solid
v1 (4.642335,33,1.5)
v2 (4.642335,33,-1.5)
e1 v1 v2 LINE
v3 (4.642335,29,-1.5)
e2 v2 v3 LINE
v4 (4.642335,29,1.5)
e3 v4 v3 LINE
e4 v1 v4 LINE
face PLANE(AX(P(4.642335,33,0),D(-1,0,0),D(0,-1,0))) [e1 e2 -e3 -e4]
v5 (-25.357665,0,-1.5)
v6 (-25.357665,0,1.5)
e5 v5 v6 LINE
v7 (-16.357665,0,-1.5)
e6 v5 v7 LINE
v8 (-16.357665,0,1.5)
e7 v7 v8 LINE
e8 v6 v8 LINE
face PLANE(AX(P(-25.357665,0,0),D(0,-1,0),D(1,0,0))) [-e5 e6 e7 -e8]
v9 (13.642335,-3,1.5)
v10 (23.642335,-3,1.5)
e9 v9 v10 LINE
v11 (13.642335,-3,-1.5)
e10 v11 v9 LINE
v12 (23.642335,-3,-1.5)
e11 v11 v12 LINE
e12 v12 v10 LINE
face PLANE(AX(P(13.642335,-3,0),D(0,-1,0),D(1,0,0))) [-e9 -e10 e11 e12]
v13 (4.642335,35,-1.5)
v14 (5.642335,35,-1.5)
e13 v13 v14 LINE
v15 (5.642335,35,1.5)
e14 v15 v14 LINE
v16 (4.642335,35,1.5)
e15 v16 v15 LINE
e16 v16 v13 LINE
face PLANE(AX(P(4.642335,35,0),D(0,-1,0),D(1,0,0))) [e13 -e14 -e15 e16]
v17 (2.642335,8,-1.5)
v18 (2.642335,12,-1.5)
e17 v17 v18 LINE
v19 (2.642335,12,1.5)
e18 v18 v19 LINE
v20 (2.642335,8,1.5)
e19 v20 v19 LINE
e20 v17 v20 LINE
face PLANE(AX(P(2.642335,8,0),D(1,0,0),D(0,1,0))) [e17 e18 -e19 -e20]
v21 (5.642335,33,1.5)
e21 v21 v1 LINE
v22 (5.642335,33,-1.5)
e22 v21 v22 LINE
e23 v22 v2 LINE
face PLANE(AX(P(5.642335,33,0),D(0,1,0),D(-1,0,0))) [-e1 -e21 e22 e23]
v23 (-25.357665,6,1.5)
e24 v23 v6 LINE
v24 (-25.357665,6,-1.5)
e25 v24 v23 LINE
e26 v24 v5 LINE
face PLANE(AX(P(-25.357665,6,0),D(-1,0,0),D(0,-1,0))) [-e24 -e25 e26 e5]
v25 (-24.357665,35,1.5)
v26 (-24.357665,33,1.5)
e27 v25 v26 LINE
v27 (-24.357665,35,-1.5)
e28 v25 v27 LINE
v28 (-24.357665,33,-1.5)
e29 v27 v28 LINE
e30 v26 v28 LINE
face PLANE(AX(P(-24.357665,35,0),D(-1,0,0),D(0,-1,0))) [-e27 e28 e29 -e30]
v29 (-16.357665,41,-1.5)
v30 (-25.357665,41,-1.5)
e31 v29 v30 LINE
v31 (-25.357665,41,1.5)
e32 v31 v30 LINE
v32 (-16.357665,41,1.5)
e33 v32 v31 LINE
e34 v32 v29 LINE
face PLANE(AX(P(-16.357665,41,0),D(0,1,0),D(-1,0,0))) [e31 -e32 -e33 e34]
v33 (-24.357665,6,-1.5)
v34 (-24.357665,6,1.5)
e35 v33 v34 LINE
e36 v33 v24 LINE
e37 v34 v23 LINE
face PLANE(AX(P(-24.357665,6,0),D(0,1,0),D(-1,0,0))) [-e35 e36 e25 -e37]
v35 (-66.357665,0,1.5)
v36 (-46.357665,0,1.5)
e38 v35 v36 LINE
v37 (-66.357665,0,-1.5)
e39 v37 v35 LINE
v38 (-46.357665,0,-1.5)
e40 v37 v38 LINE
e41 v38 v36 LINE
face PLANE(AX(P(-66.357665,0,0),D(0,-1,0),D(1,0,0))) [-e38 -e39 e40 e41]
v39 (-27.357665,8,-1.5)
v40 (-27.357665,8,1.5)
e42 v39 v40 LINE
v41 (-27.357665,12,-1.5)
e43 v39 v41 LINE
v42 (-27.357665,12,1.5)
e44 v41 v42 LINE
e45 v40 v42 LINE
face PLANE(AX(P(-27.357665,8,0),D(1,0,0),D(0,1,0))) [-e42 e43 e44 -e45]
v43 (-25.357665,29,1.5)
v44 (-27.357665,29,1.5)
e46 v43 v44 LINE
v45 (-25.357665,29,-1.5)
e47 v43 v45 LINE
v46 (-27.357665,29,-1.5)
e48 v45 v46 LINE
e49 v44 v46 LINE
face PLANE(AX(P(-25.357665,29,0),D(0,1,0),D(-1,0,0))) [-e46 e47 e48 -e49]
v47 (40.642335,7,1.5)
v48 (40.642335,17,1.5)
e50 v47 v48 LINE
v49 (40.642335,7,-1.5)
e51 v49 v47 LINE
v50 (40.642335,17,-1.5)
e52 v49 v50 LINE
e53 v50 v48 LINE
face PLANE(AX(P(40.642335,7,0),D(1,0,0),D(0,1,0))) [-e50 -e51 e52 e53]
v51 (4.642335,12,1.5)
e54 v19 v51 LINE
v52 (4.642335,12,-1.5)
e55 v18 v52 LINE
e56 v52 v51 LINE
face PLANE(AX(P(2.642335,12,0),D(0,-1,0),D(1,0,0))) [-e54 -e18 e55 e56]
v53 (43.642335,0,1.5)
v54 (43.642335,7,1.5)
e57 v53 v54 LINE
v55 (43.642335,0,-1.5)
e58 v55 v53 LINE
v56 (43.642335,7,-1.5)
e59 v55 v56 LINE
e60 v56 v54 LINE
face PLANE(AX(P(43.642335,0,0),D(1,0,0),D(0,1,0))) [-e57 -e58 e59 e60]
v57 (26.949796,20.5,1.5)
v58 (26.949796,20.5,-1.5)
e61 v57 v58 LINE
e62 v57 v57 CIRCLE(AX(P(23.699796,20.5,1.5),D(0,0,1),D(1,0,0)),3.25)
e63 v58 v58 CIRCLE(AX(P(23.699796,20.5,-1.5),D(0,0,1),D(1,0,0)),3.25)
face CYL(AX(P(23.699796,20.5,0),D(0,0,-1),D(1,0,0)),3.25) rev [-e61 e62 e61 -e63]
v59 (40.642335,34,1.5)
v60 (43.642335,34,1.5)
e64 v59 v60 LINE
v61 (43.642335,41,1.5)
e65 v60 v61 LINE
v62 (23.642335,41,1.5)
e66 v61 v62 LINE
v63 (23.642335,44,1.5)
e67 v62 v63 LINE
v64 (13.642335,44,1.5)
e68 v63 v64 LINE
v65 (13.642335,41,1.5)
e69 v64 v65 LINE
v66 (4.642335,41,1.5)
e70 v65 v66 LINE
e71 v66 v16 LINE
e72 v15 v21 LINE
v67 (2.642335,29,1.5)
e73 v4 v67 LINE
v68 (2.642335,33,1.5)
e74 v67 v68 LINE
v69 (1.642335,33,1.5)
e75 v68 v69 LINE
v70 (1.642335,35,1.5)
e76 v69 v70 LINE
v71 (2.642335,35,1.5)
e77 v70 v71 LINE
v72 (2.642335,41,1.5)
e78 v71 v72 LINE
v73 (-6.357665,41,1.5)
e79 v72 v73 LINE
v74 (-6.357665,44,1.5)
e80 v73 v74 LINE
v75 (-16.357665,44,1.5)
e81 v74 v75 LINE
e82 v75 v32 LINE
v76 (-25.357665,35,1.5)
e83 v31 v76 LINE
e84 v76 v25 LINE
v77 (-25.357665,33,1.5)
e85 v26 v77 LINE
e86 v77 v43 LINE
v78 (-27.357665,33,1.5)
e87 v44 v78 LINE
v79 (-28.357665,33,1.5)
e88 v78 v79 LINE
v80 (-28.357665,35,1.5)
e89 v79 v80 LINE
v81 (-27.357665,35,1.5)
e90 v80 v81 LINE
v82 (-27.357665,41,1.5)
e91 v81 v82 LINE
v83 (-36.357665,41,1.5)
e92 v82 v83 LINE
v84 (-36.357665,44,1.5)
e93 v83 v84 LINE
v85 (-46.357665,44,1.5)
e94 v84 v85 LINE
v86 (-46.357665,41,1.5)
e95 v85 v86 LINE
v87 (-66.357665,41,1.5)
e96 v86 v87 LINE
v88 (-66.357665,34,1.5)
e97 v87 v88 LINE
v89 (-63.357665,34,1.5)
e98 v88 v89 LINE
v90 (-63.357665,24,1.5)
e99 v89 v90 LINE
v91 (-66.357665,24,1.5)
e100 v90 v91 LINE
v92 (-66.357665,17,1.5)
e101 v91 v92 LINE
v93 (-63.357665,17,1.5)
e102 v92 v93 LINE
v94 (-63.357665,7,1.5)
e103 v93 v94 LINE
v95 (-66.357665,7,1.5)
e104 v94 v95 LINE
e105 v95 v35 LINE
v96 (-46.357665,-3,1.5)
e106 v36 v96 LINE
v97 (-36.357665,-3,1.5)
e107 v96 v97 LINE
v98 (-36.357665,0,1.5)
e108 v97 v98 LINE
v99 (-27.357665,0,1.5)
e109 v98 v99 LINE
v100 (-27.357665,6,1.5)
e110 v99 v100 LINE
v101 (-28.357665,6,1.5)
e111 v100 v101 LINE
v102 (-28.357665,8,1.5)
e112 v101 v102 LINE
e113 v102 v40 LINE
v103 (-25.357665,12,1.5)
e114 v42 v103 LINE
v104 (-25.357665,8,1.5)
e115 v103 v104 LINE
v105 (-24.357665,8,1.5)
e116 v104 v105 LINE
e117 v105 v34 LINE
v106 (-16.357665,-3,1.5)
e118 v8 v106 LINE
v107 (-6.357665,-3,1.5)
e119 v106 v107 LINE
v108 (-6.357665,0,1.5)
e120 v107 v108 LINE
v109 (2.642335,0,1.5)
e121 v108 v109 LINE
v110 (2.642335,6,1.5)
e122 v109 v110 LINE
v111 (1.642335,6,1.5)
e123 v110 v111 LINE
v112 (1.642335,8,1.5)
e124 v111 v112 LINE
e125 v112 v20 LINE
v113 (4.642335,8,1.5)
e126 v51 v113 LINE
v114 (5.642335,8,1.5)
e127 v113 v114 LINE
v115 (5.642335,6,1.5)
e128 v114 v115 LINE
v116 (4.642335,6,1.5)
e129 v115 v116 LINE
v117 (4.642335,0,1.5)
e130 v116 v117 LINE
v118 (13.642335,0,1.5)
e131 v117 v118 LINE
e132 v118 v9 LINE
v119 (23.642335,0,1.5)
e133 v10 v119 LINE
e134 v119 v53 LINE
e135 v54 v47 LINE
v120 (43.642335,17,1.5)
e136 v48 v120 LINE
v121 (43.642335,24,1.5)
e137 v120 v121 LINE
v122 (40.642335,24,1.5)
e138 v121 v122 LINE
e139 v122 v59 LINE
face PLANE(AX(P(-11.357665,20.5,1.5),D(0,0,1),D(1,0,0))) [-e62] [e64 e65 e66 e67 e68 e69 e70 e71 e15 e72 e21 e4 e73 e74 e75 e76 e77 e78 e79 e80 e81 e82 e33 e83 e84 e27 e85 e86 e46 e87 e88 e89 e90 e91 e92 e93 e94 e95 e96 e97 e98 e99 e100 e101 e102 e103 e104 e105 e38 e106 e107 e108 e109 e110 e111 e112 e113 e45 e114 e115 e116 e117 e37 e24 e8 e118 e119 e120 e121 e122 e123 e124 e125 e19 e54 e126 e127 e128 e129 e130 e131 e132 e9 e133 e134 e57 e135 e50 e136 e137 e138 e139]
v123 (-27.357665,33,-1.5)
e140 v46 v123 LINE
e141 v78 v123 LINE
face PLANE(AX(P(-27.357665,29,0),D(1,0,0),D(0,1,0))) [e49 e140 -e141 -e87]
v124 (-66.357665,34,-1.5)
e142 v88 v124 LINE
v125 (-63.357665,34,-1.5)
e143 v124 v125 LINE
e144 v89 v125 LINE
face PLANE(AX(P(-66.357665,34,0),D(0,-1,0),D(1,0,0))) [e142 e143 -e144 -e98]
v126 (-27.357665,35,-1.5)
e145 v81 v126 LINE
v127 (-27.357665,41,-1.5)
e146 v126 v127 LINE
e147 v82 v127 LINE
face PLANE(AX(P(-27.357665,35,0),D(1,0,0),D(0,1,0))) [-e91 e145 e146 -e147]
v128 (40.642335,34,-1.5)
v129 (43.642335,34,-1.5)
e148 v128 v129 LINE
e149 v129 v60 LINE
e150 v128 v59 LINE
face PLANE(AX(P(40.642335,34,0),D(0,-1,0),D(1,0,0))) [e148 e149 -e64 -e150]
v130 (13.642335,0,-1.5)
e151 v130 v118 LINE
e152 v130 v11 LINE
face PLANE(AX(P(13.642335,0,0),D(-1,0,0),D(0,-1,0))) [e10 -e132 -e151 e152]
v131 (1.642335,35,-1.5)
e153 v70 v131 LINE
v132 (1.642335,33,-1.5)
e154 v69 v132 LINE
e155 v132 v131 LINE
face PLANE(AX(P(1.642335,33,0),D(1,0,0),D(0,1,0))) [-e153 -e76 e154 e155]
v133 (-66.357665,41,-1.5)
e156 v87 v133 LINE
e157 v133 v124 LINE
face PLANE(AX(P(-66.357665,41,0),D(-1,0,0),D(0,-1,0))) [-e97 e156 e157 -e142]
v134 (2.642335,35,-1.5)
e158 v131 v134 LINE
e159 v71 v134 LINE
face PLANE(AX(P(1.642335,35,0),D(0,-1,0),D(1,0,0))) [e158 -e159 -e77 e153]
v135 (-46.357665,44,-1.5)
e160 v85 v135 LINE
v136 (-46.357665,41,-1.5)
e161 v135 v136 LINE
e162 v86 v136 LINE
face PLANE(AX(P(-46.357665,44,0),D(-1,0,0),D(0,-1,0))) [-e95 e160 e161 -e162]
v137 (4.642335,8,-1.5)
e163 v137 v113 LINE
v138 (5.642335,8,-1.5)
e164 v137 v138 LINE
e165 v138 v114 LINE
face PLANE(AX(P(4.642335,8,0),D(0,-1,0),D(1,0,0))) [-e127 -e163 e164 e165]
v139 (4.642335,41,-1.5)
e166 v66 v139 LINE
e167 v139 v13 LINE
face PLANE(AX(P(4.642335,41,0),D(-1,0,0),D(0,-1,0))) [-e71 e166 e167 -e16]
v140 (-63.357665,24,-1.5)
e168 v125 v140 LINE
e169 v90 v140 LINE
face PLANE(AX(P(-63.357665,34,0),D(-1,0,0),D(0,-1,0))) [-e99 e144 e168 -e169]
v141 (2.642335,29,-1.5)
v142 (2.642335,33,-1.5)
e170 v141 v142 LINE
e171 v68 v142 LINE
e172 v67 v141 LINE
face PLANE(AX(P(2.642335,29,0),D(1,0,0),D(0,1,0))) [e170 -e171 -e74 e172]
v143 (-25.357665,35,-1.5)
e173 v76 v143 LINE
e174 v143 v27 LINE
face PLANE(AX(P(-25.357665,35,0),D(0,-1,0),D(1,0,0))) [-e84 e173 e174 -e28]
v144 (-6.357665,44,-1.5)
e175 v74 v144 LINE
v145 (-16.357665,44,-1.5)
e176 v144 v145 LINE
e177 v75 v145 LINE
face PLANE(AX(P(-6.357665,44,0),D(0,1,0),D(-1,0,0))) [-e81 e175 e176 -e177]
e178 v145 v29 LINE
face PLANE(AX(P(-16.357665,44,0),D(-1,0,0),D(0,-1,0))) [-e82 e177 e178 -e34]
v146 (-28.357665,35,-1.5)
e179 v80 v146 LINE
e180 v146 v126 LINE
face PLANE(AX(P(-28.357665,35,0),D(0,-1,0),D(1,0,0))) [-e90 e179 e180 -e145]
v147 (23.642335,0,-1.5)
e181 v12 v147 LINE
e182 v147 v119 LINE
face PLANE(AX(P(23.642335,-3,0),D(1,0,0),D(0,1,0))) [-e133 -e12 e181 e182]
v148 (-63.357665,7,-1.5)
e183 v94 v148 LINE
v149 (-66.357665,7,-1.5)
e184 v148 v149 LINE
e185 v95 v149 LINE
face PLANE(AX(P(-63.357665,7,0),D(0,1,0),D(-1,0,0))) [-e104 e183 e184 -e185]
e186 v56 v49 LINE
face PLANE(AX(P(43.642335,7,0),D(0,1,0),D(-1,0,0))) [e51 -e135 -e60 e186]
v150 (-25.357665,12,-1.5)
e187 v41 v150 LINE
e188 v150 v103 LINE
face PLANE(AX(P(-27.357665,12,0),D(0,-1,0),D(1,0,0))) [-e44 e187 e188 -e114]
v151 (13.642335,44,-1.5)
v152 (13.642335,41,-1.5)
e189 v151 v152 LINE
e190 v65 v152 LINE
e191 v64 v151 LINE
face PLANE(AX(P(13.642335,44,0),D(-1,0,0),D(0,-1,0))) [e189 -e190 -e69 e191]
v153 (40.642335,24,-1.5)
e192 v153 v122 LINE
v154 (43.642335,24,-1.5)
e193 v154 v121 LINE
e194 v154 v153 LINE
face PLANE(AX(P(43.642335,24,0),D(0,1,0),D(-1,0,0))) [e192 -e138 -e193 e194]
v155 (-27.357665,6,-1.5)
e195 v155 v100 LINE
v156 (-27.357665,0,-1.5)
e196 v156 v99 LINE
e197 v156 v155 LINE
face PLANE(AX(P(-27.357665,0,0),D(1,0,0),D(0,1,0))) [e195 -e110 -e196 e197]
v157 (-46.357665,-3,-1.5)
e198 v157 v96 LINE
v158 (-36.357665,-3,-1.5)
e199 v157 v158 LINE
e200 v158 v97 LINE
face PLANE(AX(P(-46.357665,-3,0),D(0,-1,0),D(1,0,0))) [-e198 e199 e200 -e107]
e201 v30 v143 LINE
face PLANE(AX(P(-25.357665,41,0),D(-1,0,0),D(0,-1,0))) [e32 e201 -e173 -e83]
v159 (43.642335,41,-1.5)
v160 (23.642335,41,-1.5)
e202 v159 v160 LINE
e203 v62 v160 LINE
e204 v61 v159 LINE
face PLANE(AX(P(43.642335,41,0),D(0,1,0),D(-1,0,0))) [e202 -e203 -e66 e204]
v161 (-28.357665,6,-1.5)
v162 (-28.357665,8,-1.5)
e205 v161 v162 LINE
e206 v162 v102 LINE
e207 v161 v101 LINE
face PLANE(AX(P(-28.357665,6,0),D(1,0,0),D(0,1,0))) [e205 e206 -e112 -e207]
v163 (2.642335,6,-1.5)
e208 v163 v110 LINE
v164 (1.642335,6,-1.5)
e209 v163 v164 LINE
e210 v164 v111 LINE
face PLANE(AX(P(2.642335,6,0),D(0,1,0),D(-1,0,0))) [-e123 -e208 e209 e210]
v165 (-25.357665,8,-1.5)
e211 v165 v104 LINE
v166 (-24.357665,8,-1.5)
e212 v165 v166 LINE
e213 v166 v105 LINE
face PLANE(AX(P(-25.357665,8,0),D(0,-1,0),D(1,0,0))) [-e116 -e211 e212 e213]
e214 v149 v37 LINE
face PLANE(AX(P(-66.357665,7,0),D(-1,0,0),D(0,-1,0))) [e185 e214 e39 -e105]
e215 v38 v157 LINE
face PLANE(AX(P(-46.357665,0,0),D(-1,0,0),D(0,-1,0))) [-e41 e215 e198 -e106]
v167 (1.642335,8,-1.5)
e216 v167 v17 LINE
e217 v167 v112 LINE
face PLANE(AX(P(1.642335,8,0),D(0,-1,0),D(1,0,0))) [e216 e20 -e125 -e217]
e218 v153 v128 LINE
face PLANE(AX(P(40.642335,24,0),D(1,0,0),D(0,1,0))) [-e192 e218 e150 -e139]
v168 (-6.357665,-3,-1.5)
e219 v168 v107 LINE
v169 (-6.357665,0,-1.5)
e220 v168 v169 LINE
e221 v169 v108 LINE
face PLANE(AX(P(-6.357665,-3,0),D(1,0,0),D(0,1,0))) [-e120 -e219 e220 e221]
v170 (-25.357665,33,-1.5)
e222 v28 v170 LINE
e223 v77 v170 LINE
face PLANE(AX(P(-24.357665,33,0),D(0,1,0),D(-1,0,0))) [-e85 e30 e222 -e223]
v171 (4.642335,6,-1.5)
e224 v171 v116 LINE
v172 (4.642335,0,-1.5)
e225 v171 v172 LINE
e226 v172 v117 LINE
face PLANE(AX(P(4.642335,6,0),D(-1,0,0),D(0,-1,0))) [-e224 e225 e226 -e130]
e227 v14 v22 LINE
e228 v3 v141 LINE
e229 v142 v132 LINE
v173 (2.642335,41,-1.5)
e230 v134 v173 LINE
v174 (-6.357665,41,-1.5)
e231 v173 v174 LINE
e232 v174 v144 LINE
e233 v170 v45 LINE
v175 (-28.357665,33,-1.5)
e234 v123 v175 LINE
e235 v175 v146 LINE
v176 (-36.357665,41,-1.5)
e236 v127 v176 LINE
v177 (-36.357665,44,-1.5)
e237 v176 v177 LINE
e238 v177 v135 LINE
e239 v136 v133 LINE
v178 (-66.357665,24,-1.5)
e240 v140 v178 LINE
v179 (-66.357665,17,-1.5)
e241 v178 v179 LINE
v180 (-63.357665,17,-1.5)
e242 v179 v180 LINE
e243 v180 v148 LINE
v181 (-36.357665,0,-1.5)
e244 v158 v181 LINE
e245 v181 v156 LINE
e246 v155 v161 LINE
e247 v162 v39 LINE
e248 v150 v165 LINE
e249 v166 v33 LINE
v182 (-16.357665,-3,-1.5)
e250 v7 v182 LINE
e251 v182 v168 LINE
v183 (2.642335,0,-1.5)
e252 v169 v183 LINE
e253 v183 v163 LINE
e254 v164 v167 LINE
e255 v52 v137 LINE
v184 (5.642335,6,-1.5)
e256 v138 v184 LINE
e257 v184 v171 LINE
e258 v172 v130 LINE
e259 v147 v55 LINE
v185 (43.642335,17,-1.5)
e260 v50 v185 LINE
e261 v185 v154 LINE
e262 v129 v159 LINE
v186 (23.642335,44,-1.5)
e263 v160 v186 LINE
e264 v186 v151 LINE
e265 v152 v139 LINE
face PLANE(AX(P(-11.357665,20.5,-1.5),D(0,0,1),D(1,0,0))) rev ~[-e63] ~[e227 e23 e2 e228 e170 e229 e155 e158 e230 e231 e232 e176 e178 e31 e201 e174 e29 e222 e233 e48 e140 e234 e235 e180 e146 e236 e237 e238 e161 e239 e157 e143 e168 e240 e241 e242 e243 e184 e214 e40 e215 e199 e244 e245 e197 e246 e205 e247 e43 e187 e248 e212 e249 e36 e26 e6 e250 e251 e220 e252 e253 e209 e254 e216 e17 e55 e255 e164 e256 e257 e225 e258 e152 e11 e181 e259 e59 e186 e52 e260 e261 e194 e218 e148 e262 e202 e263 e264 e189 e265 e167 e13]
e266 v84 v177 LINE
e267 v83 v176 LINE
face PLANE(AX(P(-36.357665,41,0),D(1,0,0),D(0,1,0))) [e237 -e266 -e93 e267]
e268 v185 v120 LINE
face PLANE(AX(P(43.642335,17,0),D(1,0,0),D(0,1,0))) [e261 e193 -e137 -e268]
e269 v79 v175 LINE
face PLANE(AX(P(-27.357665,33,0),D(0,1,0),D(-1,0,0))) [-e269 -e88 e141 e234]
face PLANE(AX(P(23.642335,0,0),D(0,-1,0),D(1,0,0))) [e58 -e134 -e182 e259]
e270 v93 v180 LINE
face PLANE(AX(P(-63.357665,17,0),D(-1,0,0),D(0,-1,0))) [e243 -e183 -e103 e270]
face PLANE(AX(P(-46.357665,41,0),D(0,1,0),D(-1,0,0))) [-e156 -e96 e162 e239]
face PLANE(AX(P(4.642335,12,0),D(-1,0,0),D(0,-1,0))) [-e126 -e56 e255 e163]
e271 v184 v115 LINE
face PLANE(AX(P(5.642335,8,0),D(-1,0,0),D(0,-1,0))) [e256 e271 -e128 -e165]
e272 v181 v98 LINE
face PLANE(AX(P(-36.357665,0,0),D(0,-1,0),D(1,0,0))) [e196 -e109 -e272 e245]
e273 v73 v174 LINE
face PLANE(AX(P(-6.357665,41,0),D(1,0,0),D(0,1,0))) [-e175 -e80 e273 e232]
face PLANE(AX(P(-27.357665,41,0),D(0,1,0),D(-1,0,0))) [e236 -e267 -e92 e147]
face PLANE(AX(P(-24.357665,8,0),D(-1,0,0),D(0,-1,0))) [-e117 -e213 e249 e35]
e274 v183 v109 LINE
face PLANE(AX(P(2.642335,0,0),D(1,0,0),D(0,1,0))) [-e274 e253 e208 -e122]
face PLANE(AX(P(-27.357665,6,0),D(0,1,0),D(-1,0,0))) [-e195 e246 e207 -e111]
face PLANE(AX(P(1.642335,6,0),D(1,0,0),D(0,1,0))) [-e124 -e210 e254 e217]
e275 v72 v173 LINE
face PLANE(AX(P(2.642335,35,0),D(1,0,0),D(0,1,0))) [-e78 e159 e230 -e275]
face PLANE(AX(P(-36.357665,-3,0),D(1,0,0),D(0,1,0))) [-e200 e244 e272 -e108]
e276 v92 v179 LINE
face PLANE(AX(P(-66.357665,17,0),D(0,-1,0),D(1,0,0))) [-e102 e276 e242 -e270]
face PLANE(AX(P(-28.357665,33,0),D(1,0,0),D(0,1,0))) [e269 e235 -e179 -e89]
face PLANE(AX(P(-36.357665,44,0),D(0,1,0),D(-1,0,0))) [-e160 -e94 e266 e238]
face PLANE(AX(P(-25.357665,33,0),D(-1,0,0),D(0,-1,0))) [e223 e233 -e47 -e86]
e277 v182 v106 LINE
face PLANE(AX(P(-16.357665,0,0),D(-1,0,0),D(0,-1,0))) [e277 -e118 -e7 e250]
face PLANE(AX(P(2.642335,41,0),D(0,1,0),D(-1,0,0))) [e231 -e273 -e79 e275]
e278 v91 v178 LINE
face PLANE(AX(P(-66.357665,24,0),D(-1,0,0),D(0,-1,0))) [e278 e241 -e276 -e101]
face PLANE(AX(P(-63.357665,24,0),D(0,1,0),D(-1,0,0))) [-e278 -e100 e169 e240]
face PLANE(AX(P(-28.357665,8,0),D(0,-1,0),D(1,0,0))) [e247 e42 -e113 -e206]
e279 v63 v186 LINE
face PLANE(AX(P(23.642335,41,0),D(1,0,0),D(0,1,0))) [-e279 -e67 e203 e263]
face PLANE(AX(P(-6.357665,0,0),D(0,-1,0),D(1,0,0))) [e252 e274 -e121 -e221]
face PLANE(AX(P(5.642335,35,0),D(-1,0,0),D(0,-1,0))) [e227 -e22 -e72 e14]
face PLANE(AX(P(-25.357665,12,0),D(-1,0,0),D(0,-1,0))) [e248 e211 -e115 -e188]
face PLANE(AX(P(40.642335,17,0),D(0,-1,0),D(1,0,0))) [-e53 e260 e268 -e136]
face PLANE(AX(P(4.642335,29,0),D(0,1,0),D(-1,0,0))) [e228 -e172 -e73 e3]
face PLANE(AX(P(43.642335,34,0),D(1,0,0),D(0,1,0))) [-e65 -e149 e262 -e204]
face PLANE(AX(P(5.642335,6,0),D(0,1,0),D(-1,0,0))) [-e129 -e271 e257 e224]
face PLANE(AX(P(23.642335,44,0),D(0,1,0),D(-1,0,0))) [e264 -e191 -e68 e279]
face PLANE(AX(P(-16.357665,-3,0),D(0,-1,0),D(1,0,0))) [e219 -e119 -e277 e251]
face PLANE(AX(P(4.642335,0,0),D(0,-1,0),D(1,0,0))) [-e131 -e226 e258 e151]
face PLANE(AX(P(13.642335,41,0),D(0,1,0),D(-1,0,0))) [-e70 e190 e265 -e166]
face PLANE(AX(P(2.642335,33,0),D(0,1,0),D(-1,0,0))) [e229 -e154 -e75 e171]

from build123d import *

# Parameters (mm, degrees)
F0_R     = 3.25
F1_DEPTH = 1.5


with BuildPart() as f1:
    # F0 (on Top) → F1 (new body, symmetric)
    with BuildSketch(Plane.XY):
        Polygon((-66.357665, 7), (-66.357665, 0), (-46.357665, 0), (-46.357665, -3), (-36.357665, -3), (-36.357665, 0), (-27.357665, 0), (-27.357665, 6), (-28.357665, 6), (-28.357665, 8), (-27.357665, 8), (-27.357665, 12), (-25.357665, 12), (-25.357665, 8), (-24.357665, 8), (-24.357665, 6), (-25.357665, 6), (-25.357665, 0), (-16.357665, 0), (-16.357665, -3), (-6.357665, -3), (-6.357665, 0), (2.642335, 0), (2.642335, 6), (1.642335, 6), (1.642335, 8), (2.642335, 8), (2.642335, 12), (4.642335, 12), (4.642335, 8), (5.642335, 8), (5.642335, 6), (4.642335, 6), (4.642335, 0), (13.642335, 0), (13.642335, -3), (23.642335, -3), (23.642335, 0), (43.642335, 0), (43.642335, 7), (40.642335, 7), (40.642335, 17), (43.642335, 17), (43.642335, 20.5), (43.642335, 24), (40.642335, 24), (40.642335, 34), (43.642335, 34), (43.642335, 41), (23.642335, 41), (23.642335, 44), (13.642335, 44), (13.642335, 41), (4.642335, 41), (4.642335, 35), (5.642335, 35), (5.642335, 33), (4.642335, 33), (4.642335, 29), (2.642335, 29), (2.642335, 33), (1.642335, 33), (1.642335, 35), (2.642335, 35), (2.642335, 41), (-6.357665, 41), (-6.357665, 44), (-16.357665, 44), (-16.357665, 41), (-25.357665, 41), (-25.357665, 35), (-24.357665, 35), (-24.357665, 33), (-25.357665, 33), (-25.357665, 29), (-27.357665, 29), (-27.357665, 33), (-28.357665, 33), (-28.357665, 35), (-27.357665, 35), (-27.357665, 41), (-36.357665, 41), (-36.357665, 44), (-46.357665, 44), (-46.357665, 41), (-66.357665, 41), (-66.357665, 34), (-63.357665, 34), (-63.357665, 24), (-66.357665, 24), (-66.357665, 20.5), (-66.357665, 17), (-63.357665, 17), (-63.357665, 7), align=None)
        with Locations((23.699796, 20.5)):
            Circle(F0_R, mode=Mode.SUBTRACT)
    extrude(amount=F1_DEPTH, both=True)


solid = f1.part
